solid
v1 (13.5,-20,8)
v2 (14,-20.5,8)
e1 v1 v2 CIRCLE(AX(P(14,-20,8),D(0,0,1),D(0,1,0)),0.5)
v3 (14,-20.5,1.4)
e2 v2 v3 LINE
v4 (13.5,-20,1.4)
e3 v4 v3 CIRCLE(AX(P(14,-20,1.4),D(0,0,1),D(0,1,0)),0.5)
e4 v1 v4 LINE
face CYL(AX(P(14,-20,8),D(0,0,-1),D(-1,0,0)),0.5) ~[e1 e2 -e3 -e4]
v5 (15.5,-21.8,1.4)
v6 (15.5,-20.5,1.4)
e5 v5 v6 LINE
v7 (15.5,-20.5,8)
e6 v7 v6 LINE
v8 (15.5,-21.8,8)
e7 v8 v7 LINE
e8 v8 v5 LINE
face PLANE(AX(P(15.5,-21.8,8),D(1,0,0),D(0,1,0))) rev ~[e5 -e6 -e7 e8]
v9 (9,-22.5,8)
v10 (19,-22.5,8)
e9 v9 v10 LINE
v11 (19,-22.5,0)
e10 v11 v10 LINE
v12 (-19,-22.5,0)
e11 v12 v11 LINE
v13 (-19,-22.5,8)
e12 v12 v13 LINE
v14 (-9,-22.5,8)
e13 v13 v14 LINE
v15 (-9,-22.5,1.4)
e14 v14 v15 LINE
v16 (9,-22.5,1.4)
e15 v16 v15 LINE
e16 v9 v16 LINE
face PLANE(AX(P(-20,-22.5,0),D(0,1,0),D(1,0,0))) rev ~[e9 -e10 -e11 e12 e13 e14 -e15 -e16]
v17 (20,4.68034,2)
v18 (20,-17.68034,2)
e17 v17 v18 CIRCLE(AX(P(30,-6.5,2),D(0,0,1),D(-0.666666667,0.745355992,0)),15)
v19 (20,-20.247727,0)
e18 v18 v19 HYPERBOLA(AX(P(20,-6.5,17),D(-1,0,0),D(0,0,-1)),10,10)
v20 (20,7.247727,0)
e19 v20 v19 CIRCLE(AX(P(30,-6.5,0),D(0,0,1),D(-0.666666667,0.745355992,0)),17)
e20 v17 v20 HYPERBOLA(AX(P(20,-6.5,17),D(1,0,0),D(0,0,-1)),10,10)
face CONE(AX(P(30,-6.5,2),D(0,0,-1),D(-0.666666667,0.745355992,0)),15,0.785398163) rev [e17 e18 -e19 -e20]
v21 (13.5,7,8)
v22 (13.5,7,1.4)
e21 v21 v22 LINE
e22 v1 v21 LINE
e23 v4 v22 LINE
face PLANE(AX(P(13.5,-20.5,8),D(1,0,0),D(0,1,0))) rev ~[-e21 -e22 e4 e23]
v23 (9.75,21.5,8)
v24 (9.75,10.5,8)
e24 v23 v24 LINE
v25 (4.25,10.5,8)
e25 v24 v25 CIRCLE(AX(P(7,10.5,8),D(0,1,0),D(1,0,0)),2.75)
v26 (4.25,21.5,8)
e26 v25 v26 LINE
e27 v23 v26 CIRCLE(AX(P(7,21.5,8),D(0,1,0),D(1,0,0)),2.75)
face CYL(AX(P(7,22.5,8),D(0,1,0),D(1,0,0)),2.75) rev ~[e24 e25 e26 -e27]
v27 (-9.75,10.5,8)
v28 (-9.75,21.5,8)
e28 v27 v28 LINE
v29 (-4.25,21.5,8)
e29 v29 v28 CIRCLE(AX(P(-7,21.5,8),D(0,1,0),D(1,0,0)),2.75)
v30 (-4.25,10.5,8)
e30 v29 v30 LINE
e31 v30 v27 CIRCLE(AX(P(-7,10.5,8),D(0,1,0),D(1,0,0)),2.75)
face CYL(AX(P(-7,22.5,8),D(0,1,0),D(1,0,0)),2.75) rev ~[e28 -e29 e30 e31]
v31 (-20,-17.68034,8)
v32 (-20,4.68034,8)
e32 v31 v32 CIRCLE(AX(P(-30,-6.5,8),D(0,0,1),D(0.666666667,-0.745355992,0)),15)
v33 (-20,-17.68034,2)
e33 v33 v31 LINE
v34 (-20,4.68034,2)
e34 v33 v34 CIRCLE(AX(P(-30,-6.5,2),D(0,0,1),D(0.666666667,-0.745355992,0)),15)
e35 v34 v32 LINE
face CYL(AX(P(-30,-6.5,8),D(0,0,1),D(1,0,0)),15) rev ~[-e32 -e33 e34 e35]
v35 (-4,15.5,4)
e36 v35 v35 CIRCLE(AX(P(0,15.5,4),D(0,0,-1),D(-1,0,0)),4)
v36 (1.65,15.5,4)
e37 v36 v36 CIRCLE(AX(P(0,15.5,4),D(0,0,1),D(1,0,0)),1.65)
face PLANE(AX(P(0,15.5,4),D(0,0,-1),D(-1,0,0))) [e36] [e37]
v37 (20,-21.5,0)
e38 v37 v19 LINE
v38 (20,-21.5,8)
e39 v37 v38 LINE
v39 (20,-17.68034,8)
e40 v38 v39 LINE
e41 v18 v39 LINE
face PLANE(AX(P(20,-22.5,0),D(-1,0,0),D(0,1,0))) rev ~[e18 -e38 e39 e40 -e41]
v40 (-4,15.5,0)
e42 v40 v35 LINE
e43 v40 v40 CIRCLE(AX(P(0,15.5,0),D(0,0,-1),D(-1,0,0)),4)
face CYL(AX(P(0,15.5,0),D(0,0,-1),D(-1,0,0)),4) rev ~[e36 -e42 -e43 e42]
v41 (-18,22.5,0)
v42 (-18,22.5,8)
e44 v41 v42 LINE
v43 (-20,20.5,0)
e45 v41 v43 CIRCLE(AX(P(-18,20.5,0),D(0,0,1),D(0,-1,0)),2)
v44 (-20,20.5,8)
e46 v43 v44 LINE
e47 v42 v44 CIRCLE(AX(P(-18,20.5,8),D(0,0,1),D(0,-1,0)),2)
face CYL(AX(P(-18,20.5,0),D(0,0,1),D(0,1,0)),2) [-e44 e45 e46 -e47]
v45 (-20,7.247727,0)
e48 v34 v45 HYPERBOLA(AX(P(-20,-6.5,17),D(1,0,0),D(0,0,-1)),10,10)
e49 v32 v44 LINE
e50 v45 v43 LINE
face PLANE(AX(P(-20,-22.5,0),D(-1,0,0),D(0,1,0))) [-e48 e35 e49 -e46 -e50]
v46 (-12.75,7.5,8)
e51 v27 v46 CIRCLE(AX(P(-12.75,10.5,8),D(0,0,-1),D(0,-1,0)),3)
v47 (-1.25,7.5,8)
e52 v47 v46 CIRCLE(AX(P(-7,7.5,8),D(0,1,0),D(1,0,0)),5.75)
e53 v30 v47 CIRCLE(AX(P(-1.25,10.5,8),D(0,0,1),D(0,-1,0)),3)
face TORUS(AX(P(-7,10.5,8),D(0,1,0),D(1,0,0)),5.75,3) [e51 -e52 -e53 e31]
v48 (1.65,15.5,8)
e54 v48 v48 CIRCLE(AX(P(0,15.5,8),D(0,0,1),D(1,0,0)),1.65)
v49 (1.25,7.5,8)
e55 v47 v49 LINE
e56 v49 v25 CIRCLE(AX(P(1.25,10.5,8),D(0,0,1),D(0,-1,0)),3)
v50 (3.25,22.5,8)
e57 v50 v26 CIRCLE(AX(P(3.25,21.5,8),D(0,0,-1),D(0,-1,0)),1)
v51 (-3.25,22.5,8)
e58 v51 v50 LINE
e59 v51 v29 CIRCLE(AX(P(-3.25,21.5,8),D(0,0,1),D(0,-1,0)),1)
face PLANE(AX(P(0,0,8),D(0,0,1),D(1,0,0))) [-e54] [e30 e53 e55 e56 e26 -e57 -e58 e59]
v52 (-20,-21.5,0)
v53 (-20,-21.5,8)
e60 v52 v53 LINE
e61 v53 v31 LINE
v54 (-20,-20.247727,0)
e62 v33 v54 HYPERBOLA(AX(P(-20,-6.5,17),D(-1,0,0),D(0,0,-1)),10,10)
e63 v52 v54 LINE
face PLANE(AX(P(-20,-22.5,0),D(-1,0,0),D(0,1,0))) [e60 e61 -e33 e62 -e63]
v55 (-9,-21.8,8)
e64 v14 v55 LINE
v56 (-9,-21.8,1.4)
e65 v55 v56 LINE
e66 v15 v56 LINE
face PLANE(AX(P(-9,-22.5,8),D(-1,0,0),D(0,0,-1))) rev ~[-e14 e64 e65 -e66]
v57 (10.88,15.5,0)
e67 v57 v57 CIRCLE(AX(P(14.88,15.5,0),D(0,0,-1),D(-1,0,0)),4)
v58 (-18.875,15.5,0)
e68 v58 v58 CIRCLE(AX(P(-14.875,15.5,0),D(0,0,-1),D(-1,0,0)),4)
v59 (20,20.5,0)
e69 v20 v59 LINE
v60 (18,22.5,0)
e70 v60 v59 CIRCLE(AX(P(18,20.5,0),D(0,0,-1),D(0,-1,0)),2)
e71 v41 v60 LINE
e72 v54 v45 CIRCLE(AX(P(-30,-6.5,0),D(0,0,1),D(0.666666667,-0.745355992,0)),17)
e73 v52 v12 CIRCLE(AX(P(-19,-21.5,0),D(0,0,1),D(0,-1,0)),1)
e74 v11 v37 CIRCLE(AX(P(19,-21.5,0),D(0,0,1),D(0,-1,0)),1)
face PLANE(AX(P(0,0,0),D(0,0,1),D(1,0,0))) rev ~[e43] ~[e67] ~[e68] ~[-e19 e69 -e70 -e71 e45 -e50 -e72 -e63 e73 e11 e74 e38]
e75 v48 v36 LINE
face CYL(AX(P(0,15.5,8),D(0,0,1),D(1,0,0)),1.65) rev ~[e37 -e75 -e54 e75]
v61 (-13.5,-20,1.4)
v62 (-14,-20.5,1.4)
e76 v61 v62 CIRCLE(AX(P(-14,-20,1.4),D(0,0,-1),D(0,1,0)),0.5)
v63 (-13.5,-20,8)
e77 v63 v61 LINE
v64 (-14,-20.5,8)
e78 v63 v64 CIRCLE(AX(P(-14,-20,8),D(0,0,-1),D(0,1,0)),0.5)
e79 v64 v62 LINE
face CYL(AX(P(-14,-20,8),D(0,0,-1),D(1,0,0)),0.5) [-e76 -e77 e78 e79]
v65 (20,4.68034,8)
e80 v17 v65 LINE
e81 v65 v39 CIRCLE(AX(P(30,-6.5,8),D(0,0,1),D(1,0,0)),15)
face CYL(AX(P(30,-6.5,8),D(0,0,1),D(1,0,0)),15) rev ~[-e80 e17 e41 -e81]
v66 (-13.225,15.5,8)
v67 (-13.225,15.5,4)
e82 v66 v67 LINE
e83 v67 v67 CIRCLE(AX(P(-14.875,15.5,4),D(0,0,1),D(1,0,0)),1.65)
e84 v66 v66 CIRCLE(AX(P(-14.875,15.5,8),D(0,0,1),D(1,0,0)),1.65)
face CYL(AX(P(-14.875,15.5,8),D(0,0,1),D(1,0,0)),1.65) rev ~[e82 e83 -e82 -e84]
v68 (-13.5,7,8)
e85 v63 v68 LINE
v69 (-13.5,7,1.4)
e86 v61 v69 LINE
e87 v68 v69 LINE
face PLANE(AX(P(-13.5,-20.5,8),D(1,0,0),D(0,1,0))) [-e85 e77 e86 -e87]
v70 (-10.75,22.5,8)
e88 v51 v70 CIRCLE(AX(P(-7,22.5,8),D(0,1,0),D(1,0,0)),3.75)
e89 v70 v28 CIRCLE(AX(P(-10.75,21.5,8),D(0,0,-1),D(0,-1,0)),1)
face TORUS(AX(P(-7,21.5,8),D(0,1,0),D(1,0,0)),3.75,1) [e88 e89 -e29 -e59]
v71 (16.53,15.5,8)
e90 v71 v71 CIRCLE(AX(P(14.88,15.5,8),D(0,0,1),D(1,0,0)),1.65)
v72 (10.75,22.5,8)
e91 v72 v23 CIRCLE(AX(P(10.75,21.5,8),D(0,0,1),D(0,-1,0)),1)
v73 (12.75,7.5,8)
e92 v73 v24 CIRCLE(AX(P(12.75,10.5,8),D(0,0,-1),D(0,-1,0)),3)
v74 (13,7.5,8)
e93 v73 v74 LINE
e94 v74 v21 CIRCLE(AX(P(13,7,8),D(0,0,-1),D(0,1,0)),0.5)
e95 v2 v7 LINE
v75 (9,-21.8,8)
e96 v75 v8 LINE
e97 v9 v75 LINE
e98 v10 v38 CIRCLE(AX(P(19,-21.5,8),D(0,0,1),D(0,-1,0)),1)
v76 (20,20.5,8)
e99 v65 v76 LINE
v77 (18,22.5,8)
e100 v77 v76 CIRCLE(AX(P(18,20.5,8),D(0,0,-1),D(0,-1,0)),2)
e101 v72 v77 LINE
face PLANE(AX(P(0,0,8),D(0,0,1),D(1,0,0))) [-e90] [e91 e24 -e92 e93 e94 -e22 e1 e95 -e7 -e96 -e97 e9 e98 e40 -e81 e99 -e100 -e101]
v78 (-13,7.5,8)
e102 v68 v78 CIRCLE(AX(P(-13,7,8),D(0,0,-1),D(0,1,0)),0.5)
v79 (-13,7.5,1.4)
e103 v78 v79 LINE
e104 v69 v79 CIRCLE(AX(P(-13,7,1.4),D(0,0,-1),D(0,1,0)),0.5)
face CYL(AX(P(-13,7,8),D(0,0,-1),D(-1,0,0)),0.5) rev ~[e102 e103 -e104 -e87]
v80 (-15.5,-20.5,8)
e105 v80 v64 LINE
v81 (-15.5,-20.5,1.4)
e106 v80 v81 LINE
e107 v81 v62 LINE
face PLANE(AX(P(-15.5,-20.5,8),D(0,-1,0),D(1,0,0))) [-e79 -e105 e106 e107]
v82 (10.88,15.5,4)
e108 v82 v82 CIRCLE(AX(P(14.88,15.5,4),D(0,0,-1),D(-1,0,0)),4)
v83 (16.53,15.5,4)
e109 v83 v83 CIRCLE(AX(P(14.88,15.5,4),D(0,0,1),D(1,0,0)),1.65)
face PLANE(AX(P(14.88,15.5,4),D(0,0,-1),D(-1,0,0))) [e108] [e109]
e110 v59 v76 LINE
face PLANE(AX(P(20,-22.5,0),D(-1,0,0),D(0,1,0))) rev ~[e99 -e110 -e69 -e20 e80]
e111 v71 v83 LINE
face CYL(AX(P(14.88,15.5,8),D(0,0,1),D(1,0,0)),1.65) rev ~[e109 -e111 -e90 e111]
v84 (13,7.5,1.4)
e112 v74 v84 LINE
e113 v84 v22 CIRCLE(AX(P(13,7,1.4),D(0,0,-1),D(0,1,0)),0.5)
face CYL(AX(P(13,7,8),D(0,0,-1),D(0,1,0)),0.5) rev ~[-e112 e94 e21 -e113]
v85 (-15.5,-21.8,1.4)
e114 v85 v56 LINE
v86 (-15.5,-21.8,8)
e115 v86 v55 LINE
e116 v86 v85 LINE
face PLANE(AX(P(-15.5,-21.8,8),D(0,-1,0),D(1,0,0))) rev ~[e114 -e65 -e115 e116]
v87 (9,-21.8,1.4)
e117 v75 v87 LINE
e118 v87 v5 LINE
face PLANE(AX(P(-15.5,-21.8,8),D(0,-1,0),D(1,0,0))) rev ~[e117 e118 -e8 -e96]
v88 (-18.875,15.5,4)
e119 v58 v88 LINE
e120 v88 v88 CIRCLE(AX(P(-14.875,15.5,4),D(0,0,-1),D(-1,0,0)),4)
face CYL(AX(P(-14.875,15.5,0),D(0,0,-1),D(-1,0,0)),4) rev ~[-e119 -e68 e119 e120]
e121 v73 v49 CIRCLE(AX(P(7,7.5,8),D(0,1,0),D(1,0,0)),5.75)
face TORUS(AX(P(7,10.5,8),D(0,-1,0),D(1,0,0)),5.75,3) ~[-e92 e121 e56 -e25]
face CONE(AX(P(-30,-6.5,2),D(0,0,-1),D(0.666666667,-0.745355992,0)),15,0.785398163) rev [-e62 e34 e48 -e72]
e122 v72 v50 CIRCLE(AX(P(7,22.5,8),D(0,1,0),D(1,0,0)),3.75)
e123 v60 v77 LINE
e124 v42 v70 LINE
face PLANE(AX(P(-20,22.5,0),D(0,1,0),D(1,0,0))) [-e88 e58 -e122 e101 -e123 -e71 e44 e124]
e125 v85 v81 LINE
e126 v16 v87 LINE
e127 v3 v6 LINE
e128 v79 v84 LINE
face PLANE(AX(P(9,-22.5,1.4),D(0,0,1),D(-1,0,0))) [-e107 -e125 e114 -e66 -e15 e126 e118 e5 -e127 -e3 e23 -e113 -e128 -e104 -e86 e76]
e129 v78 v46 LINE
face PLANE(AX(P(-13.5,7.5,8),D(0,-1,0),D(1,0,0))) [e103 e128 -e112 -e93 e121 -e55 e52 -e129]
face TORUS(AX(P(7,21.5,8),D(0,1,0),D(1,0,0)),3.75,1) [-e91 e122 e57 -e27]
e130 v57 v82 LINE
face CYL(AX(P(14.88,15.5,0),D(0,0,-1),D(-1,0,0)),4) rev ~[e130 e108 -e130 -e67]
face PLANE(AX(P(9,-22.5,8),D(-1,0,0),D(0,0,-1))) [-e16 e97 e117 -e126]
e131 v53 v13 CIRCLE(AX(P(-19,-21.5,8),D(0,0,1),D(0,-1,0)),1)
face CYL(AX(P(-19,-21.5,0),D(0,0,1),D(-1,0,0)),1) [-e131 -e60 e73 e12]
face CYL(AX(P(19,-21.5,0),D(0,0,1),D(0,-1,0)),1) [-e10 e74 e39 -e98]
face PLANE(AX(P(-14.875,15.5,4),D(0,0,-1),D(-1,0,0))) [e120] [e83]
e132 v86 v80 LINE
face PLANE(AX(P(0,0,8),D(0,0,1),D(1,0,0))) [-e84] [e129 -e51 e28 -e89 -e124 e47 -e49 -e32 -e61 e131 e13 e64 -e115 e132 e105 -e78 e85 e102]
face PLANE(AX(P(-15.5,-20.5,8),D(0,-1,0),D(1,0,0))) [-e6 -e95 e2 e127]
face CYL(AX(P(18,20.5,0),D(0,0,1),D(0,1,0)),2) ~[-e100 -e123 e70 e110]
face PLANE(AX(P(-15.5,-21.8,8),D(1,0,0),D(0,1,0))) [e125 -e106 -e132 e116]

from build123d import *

# Parameters (mm, degrees)
CROQUIS1_W              = 40
CROQUIS1_H              = 45
SALIENTE_EXTRUIR1_DEPTH = 8
CROQUIS2_W              = 31
CROQUIS2_H              = 1.3
CORTAR_EXTRUIR1_DEPTH   = 6.6
CROQUIS3_R              = 15
CORTAR_EXTRUIR2_DEPTH   = 10
CHAFL_N1_SIZE           = 2
CROQUIS4_W              = 27
CROQUIS4_H              = 28
CORTAR_EXTRUIR3_DEPTH   = 6.6
CROQUIS6_R              = 2.75
CORTAR_EXTRUIR4_DEPTH   = 16.6
CROQUIS7_R              = 1.65
CORTAR_EXTRUIR5_DEPTH   = 16.6
CROQUIS8_R              = 4
CORTAR_EXTRUIR6_DEPTH   = 4
CROQUIS9_W              = 18
CROQUIS9_H              = 6.6
CORTAR_EXTRUIR7_DEPTH   = 4
REDONDEO1_R             = 1
REDONDEO2_R             = 2
REDONDEO3_R             = 1
REDONDEO4_R             = 3
REDONDEO5_R             = 0.5
REDONDEO6_R             = 0.5


with BuildPart() as part:
    # Croquis1 → Saliente-Extruir1 (new body)
    with BuildSketch(Plane.XY):
        Rectangle(CROQUIS1_W, CROQUIS1_H)
    extrude(amount=SALIENTE_EXTRUIR1_DEPTH)

    # Croquis2 → Cortar-Extruir1 (cut)
    with BuildSketch(Plane.XY.offset(8)):
        with Locations((0, -21.15)):
            Rectangle(CROQUIS2_W, CROQUIS2_H)
    extrude(amount=-CORTAR_EXTRUIR1_DEPTH, mode=Mode.SUBTRACT)

    # Croquis3 → Cortar-Extruir2 (cut)
    with BuildSketch(Plane.XY.offset(8)):
        with Locations((-30, -6.5)):
            Circle(CROQUIS3_R)
        with Locations((30, -6.5)):
            Circle(CROQUIS3_R)
    extrude(amount=-CORTAR_EXTRUIR2_DEPTH, mode=Mode.SUBTRACT)

    # Chaflán1
    chafl_n1_edges = [part.edges().sort_by_distance(p)[0] for p in [
        (-15, -6.5, 0),
        (15, -6.5, 0),
    ]]
    chamfer(chafl_n1_edges, length=CHAFL_N1_SIZE)

    # Croquis4 → Cortar-Extruir3 (cut)
    with BuildSketch(Plane.XY.offset(8)):
        with Locations((0, -6.5)):
            Rectangle(CROQUIS4_W, CROQUIS4_H)
    extrude(amount=-CORTAR_EXTRUIR3_DEPTH, mode=Mode.SUBTRACT)

    # Croquis6 → Cortar-Extruir4 (cut)
    with BuildSketch(Plane(origin=(0, 22.5, 0), x_dir=(1, 0, 0), z_dir=(0, 1, 0))):
        with Locations((7, -8)):
            Circle(CROQUIS6_R)
        with Locations((-7, -8)):
            Circle(CROQUIS6_R)
    extrude(amount=-CORTAR_EXTRUIR4_DEPTH, mode=Mode.SUBTRACT)

    # Croquis7 → Cortar-Extruir5 (cut)
    with BuildSketch(Plane.XY.offset(8)):
        with Locations((0, 15.5)):
            Circle(CROQUIS7_R)
        with Locations((14.88, 15.5)):
            Circle(CROQUIS7_R)
        with Locations((-14.875, 15.5)):
            Circle(CROQUIS7_R)
    extrude(amount=-CORTAR_EXTRUIR5_DEPTH, mode=Mode.SUBTRACT)

    # Croquis8 → Cortar-Extruir6 (cut)
    with BuildSketch(Plane(origin=(0, 0, 0), x_dir=(-1, 0, 0), z_dir=(0, 0, -1))):
        with Locations((14.875, 15.5)):
            Circle(CROQUIS8_R)
        with Locations((0, 15.5)):
            Circle(CROQUIS8_R)
        with Locations((-14.88, 15.5)):
            Circle(CROQUIS8_R)
    extrude(amount=-CORTAR_EXTRUIR6_DEPTH, mode=Mode.SUBTRACT)

    # Croquis9 → Cortar-Extruir7 (cut)
    with BuildSketch(Plane(origin=(0, -22.5, 0), x_dir=(-1, 0, 0), z_dir=(0, -1, 0))):
        with Locations((0, -4.7)):
            Rectangle(CROQUIS9_W, CROQUIS9_H)
    extrude(amount=-CORTAR_EXTRUIR7_DEPTH, mode=Mode.SUBTRACT)

    # Redondeo1
    redondeo1_edges = [part.edges().sort_by_distance(p)[0] for p in [
        (7, 22.5, 5.25),
        (-7, 22.5, 5.25),
    ]]
    fillet(redondeo1_edges, radius=REDONDEO1_R)

    # Redondeo2
    redondeo2_edges = [part.edges().sort_by_distance(p)[0] for p in [
        (-20, 22.5, 4),
        (20, 22.5, 4),
    ]]
    fillet(redondeo2_edges, radius=REDONDEO2_R)

    # Redondeo3
    redondeo3_edges = [part.edges().sort_by_distance(p)[0] for p in [
        (20, -22.5, 4),
        (-20, -22.5, 4),
    ]]
    fillet(redondeo3_edges, radius=REDONDEO3_R)

    # Redondeo4
    redondeo4_edges = [part.edges().sort_by_distance(p)[0] for p in [
        (7, 7.5, 5.25),
        (-7, 7.5, 5.25),
    ]]
    fillet(redondeo4_edges, radius=REDONDEO4_R)

    # Redondeo5
    redondeo5_edges = [part.edges().sort_by_distance(p)[0] for p in [
        (13.5, -20.5, 4.7),
        (-13.5, -20.5, 4.7),
    ]]
    fillet(redondeo5_edges, radius=REDONDEO5_R)

    # Redondeo6
    redondeo6_edges = [part.edges().sort_by_distance(p)[0] for p in [
        (-13.5, 7.5, 4.7),
        (13.5, 7.5, 4.7),
    ]]
    fillet(redondeo6_edges, radius=REDONDEO6_R)


solid = part.part
